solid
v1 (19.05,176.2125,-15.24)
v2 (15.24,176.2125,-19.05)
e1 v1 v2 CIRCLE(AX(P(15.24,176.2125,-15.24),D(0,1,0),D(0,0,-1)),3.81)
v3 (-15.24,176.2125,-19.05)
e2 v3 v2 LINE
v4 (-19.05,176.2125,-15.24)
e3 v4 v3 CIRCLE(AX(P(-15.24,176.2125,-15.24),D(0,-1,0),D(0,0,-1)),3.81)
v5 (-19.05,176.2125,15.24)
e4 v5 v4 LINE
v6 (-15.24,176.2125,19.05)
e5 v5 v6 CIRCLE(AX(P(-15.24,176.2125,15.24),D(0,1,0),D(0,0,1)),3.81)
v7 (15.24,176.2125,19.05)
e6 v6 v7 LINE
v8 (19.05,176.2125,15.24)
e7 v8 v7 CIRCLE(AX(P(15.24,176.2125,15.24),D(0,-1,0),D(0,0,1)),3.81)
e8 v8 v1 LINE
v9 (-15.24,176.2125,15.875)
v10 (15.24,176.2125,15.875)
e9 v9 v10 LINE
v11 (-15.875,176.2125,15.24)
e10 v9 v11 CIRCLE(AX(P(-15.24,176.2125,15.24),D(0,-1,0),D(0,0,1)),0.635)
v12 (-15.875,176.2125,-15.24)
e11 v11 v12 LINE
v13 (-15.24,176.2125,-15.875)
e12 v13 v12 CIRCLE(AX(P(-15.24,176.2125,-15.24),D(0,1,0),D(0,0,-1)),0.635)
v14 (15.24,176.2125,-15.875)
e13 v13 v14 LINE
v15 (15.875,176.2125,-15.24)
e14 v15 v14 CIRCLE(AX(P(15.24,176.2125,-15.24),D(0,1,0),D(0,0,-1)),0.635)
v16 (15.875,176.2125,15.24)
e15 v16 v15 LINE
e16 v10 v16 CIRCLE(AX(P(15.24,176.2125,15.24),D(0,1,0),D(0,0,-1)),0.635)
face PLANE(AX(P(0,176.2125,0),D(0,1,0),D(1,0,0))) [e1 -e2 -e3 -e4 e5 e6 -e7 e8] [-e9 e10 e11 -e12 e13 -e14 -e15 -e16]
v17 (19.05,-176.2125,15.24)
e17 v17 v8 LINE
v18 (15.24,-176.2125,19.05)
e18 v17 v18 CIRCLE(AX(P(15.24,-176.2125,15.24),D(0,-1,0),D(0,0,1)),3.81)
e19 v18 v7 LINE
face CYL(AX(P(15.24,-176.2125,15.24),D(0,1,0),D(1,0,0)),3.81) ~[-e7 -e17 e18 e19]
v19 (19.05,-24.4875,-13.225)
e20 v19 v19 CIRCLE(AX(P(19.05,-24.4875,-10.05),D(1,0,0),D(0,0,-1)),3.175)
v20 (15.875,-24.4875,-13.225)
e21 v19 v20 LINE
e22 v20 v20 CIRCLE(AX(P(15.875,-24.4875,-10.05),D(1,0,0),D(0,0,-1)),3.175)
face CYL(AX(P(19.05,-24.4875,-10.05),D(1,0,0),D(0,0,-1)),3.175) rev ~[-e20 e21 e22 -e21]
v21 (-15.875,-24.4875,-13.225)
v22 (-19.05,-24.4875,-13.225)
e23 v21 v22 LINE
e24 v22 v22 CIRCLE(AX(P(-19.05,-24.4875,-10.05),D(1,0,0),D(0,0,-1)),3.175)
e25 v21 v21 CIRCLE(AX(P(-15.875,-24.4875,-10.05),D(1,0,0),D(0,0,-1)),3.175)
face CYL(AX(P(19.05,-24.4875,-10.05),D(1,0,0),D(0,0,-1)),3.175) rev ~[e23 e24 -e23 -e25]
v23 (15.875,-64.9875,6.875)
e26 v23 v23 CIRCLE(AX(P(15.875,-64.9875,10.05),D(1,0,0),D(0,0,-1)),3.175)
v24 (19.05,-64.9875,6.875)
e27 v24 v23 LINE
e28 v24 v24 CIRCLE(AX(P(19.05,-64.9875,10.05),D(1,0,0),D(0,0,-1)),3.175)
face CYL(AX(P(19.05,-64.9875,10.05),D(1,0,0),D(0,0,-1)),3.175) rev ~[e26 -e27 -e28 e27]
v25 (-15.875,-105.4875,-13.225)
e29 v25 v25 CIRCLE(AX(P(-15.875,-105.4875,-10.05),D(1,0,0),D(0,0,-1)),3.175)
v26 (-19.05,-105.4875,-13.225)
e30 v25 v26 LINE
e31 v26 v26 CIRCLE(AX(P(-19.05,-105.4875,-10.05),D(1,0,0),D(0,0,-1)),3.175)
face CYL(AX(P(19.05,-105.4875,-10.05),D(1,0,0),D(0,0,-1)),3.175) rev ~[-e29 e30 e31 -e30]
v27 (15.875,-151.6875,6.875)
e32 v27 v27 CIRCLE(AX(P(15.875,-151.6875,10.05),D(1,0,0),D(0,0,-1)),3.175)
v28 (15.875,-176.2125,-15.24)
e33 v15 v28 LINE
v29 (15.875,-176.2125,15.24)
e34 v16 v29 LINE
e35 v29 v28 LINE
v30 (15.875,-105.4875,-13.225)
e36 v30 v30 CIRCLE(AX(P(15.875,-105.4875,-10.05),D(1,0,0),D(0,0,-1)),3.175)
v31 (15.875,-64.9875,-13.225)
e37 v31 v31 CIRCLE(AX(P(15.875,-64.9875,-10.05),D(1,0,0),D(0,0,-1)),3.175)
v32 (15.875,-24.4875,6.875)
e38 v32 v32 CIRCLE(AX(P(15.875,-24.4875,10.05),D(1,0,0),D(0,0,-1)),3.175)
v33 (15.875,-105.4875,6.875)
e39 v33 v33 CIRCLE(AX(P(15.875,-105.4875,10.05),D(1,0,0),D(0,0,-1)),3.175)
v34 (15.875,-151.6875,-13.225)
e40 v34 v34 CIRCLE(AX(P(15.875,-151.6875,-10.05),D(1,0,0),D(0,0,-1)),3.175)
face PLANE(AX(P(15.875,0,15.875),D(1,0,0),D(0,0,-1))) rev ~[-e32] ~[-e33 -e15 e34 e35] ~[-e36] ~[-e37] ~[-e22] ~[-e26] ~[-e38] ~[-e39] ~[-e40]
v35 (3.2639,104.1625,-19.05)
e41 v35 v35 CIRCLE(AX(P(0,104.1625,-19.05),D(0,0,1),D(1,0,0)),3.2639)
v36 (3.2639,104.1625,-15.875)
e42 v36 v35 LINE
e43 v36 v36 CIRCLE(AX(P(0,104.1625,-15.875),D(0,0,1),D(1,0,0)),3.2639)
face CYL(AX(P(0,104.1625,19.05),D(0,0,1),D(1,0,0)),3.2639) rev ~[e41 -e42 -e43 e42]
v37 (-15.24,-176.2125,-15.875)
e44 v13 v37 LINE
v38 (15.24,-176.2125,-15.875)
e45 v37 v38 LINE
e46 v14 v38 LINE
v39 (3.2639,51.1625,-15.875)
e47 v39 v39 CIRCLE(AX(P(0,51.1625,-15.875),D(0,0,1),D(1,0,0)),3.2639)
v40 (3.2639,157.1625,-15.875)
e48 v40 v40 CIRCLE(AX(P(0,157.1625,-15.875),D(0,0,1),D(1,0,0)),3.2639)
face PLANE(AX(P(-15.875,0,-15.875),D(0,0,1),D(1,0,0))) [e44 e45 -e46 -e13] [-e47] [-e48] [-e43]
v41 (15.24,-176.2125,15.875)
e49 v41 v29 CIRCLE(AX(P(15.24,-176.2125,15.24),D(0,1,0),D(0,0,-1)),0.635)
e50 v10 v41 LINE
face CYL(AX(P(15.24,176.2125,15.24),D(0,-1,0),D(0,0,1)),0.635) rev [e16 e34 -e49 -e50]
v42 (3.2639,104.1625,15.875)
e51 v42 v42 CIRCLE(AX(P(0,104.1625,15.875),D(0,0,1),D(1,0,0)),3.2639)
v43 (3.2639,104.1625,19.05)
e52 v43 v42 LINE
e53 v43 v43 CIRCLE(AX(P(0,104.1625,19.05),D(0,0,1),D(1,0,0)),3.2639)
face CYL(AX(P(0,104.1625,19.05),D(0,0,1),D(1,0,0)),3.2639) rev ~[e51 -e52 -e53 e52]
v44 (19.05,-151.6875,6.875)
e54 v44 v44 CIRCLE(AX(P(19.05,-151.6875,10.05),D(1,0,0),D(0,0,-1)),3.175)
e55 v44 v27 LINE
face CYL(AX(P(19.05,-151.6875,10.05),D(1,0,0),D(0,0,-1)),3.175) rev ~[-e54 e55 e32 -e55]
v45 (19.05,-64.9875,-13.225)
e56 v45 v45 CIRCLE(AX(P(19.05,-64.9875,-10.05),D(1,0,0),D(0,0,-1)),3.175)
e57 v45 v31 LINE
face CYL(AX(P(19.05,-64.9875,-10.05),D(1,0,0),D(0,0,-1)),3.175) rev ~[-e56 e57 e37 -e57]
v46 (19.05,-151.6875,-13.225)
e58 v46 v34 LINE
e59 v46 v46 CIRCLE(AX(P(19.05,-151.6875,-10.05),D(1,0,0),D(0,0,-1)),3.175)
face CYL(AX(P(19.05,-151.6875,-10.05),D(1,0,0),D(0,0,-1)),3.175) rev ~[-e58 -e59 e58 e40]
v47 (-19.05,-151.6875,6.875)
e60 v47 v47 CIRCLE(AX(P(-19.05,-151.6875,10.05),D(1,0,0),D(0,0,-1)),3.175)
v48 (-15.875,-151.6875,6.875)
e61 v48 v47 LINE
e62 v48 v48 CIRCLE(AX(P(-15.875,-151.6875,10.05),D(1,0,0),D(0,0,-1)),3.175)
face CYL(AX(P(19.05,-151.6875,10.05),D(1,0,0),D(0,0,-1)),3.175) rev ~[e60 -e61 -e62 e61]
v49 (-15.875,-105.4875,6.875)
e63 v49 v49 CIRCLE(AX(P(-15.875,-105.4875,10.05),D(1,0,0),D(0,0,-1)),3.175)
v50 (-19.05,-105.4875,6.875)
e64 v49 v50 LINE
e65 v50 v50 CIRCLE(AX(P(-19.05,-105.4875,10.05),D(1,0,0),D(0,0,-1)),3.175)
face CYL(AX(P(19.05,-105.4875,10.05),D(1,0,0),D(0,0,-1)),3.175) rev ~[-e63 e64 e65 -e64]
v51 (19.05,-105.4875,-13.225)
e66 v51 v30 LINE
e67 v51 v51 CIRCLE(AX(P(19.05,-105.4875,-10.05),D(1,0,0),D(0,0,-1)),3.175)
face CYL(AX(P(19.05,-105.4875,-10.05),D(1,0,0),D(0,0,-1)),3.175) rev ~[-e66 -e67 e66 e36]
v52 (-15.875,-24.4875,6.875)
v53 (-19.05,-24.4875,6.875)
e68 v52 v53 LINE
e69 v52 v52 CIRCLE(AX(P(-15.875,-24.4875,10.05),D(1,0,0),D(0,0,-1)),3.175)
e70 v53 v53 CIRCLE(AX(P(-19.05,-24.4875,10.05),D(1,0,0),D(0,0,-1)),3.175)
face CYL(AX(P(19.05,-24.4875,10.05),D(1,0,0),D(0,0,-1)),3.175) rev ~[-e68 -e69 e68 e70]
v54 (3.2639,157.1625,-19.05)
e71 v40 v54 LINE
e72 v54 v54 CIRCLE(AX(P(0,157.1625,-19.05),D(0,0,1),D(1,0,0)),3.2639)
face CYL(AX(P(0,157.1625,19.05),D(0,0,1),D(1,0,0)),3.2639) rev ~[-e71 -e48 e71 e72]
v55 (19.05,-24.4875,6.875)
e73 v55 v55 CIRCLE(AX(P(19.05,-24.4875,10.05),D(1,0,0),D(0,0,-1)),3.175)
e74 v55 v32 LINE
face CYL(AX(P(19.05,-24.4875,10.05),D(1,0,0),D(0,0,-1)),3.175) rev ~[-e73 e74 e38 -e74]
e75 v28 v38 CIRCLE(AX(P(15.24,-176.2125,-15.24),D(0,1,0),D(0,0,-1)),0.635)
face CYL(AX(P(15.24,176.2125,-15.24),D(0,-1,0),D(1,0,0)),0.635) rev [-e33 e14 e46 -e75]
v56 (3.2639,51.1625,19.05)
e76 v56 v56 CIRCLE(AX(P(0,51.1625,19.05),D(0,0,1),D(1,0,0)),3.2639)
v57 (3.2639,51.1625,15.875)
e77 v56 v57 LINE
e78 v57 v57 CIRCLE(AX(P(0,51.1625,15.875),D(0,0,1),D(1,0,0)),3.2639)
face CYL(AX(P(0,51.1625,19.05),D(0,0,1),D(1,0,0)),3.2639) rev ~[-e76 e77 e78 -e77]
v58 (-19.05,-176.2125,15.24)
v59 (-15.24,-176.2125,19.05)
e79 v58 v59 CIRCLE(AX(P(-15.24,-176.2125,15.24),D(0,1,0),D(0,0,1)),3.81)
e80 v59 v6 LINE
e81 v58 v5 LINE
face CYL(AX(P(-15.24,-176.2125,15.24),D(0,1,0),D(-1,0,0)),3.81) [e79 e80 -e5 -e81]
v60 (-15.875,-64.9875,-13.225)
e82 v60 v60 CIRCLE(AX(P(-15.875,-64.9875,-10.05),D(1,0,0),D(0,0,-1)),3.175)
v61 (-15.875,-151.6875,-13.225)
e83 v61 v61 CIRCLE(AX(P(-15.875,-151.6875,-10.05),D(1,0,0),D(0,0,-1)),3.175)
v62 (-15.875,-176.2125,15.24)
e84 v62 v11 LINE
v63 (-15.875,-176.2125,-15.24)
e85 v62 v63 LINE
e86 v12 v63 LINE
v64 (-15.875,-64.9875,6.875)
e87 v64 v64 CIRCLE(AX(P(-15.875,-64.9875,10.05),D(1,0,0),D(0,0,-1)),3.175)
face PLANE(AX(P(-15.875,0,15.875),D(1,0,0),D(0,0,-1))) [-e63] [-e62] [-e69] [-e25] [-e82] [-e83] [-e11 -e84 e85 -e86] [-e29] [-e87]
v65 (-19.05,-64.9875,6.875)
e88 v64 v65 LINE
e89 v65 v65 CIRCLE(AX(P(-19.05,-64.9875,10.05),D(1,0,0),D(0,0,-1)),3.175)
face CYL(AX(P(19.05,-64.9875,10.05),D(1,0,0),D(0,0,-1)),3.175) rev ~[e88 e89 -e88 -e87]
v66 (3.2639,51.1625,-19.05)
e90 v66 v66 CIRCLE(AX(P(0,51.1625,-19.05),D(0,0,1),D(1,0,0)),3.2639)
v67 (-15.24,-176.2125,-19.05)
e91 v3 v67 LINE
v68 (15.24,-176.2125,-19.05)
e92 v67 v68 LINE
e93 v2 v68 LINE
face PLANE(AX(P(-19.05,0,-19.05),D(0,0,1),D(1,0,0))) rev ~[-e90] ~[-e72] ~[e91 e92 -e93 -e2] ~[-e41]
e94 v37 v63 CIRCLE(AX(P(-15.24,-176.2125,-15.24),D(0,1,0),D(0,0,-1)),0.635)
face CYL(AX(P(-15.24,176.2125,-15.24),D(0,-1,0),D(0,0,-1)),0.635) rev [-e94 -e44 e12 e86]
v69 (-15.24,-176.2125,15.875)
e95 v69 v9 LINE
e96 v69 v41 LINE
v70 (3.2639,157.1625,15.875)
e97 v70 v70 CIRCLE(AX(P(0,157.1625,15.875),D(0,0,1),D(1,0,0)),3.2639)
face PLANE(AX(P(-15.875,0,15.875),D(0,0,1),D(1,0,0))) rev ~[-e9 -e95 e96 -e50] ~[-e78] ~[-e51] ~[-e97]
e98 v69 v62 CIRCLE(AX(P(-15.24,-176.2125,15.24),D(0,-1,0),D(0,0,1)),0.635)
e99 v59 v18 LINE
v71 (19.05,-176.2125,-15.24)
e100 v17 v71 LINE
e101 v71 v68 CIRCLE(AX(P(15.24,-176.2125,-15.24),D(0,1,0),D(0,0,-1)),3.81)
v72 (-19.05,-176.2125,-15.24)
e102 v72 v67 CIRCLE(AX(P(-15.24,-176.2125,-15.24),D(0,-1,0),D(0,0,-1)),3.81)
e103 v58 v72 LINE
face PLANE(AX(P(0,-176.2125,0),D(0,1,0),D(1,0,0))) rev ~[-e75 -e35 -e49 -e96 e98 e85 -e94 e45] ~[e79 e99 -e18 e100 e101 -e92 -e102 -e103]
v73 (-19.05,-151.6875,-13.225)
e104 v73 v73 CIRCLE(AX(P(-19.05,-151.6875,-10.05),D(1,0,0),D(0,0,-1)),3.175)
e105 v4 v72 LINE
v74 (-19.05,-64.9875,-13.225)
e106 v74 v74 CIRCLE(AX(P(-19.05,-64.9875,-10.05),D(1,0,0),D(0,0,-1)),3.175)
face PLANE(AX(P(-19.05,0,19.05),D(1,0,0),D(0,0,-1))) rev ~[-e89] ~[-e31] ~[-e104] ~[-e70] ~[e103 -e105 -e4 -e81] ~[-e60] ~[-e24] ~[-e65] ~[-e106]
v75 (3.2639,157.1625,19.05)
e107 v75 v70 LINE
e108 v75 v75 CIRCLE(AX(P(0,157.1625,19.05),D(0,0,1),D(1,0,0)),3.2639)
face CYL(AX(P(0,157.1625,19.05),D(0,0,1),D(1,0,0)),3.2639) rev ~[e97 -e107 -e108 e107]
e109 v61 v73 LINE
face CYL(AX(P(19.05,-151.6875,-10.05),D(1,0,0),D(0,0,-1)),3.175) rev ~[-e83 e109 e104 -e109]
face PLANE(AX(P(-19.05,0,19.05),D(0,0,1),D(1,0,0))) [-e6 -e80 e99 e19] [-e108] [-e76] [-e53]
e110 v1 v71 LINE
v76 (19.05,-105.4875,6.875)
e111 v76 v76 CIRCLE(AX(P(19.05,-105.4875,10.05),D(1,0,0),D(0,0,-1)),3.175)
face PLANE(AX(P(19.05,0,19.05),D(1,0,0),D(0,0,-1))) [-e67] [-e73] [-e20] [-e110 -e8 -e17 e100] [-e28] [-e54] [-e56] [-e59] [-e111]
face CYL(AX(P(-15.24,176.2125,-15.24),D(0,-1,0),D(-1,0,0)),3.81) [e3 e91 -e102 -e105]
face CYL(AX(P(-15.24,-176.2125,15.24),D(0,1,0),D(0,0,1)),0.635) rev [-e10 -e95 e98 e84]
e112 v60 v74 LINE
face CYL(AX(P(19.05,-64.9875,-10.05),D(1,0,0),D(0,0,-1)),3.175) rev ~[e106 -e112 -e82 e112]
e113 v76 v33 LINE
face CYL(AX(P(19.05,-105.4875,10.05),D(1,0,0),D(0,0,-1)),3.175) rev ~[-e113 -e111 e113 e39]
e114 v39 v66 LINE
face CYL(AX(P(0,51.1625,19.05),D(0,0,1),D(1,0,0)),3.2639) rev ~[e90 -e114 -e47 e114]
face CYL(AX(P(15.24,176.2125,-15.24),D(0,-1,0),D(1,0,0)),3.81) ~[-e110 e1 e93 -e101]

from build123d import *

# Parameters (mm, degrees)
SKETCH1_W               = 38.1
SKETCH1_H               = 38.1
SKETCH1_W_2             = 31.75
SKETCH1_H_2             = 31.75
BOSS_EXTRUDE1_DEPTH     = 176.2125
FILLET1_R               = 3.81
FILLET2_R               = 0.635
SKETCH2_R               = 3.2639
CUT_EXTRUDE1_DEPTH      = 1
CUT_EXTRUDE1_DEPTH_BACK = 39.1
SKETCH5_R               = 3.175
CUT_EXTRUDE3_DEPTH      = 39.1


with BuildPart() as part:
    # Sketch1 → Boss-Extrude1 (new body, symmetric)
    with BuildSketch(Plane(origin=(0, 0, 0), x_dir=(1, 0, 0), z_dir=(0, 1, 0))):
        Rectangle(SKETCH1_W, SKETCH1_H)
        Rectangle(SKETCH1_W_2, SKETCH1_H_2, mode=Mode.SUBTRACT)
    extrude(amount=BOSS_EXTRUDE1_DEPTH, both=True)

    # Fillet1
    fillet1_edges = [part.edges().sort_by_distance(p)[0] for p in [
        (19.05, 0, 19.05),
        (-19.05, 0, 19.05),
        (-19.05, 0, -19.05),
        (19.05, 0, -19.05),
    ]]
    fillet(fillet1_edges, radius=FILLET1_R)

    # Fillet2
    fillet2_edges = [part.edges().sort_by_distance(p)[0] for p in [
        (15.875, 0, -15.875),
        (-15.875, 0, -15.875),
        (-15.875, 0, 15.875),
        (15.875, 0, 15.875),
    ]]
    fillet(fillet2_edges, radius=FILLET2_R)

    # Sketch2 → Cut-Extrude1 (cut, two sides)
    with BuildSketch(Plane.XY.offset(19.05)) as cut_extrude1_sk:
        with Locations((0, 157.1625)):
            Circle(SKETCH2_R)
        with Locations((0, 104.1625)):
            Circle(SKETCH2_R)
        with Locations((0, 51.1625)):
            Circle(SKETCH2_R)
    extrude(amount=CUT_EXTRUDE1_DEPTH, mode=Mode.SUBTRACT)
    extrude(cut_extrude1_sk.sketch, amount=-CUT_EXTRUDE1_DEPTH_BACK, mode=Mode.SUBTRACT)

    # Sketch5 → Cut-Extrude3 (cut, through all)
    with BuildSketch(Plane(origin=(19.05, 0, 0), x_dir=(0, 0, -1), z_dir=(1, 0, 0))):
        with Locations((-10.05, -151.6875)):
            Circle(SKETCH5_R)
        with Locations((-10.05, -24.4875)):
            Circle(SKETCH5_R)
        with Locations((-10.05, -105.4875)):
            Circle(SKETCH5_R)
        with Locations((-10.05, -64.9875)):
            Circle(SKETCH5_R)
        with Locations((10.05, -151.6875)):
            Circle(SKETCH5_R)
        with Locations((10.05, -24.4875)):
            Circle(SKETCH5_R)
        with Locations((10.05, -105.4875)):
            Circle(SKETCH5_R)
        with Locations((10.05, -64.9875)):
            Circle(SKETCH5_R)
    extrude(amount=-CUT_EXTRUDE3_DEPTH, mode=Mode.SUBTRACT)


solid = part.part
